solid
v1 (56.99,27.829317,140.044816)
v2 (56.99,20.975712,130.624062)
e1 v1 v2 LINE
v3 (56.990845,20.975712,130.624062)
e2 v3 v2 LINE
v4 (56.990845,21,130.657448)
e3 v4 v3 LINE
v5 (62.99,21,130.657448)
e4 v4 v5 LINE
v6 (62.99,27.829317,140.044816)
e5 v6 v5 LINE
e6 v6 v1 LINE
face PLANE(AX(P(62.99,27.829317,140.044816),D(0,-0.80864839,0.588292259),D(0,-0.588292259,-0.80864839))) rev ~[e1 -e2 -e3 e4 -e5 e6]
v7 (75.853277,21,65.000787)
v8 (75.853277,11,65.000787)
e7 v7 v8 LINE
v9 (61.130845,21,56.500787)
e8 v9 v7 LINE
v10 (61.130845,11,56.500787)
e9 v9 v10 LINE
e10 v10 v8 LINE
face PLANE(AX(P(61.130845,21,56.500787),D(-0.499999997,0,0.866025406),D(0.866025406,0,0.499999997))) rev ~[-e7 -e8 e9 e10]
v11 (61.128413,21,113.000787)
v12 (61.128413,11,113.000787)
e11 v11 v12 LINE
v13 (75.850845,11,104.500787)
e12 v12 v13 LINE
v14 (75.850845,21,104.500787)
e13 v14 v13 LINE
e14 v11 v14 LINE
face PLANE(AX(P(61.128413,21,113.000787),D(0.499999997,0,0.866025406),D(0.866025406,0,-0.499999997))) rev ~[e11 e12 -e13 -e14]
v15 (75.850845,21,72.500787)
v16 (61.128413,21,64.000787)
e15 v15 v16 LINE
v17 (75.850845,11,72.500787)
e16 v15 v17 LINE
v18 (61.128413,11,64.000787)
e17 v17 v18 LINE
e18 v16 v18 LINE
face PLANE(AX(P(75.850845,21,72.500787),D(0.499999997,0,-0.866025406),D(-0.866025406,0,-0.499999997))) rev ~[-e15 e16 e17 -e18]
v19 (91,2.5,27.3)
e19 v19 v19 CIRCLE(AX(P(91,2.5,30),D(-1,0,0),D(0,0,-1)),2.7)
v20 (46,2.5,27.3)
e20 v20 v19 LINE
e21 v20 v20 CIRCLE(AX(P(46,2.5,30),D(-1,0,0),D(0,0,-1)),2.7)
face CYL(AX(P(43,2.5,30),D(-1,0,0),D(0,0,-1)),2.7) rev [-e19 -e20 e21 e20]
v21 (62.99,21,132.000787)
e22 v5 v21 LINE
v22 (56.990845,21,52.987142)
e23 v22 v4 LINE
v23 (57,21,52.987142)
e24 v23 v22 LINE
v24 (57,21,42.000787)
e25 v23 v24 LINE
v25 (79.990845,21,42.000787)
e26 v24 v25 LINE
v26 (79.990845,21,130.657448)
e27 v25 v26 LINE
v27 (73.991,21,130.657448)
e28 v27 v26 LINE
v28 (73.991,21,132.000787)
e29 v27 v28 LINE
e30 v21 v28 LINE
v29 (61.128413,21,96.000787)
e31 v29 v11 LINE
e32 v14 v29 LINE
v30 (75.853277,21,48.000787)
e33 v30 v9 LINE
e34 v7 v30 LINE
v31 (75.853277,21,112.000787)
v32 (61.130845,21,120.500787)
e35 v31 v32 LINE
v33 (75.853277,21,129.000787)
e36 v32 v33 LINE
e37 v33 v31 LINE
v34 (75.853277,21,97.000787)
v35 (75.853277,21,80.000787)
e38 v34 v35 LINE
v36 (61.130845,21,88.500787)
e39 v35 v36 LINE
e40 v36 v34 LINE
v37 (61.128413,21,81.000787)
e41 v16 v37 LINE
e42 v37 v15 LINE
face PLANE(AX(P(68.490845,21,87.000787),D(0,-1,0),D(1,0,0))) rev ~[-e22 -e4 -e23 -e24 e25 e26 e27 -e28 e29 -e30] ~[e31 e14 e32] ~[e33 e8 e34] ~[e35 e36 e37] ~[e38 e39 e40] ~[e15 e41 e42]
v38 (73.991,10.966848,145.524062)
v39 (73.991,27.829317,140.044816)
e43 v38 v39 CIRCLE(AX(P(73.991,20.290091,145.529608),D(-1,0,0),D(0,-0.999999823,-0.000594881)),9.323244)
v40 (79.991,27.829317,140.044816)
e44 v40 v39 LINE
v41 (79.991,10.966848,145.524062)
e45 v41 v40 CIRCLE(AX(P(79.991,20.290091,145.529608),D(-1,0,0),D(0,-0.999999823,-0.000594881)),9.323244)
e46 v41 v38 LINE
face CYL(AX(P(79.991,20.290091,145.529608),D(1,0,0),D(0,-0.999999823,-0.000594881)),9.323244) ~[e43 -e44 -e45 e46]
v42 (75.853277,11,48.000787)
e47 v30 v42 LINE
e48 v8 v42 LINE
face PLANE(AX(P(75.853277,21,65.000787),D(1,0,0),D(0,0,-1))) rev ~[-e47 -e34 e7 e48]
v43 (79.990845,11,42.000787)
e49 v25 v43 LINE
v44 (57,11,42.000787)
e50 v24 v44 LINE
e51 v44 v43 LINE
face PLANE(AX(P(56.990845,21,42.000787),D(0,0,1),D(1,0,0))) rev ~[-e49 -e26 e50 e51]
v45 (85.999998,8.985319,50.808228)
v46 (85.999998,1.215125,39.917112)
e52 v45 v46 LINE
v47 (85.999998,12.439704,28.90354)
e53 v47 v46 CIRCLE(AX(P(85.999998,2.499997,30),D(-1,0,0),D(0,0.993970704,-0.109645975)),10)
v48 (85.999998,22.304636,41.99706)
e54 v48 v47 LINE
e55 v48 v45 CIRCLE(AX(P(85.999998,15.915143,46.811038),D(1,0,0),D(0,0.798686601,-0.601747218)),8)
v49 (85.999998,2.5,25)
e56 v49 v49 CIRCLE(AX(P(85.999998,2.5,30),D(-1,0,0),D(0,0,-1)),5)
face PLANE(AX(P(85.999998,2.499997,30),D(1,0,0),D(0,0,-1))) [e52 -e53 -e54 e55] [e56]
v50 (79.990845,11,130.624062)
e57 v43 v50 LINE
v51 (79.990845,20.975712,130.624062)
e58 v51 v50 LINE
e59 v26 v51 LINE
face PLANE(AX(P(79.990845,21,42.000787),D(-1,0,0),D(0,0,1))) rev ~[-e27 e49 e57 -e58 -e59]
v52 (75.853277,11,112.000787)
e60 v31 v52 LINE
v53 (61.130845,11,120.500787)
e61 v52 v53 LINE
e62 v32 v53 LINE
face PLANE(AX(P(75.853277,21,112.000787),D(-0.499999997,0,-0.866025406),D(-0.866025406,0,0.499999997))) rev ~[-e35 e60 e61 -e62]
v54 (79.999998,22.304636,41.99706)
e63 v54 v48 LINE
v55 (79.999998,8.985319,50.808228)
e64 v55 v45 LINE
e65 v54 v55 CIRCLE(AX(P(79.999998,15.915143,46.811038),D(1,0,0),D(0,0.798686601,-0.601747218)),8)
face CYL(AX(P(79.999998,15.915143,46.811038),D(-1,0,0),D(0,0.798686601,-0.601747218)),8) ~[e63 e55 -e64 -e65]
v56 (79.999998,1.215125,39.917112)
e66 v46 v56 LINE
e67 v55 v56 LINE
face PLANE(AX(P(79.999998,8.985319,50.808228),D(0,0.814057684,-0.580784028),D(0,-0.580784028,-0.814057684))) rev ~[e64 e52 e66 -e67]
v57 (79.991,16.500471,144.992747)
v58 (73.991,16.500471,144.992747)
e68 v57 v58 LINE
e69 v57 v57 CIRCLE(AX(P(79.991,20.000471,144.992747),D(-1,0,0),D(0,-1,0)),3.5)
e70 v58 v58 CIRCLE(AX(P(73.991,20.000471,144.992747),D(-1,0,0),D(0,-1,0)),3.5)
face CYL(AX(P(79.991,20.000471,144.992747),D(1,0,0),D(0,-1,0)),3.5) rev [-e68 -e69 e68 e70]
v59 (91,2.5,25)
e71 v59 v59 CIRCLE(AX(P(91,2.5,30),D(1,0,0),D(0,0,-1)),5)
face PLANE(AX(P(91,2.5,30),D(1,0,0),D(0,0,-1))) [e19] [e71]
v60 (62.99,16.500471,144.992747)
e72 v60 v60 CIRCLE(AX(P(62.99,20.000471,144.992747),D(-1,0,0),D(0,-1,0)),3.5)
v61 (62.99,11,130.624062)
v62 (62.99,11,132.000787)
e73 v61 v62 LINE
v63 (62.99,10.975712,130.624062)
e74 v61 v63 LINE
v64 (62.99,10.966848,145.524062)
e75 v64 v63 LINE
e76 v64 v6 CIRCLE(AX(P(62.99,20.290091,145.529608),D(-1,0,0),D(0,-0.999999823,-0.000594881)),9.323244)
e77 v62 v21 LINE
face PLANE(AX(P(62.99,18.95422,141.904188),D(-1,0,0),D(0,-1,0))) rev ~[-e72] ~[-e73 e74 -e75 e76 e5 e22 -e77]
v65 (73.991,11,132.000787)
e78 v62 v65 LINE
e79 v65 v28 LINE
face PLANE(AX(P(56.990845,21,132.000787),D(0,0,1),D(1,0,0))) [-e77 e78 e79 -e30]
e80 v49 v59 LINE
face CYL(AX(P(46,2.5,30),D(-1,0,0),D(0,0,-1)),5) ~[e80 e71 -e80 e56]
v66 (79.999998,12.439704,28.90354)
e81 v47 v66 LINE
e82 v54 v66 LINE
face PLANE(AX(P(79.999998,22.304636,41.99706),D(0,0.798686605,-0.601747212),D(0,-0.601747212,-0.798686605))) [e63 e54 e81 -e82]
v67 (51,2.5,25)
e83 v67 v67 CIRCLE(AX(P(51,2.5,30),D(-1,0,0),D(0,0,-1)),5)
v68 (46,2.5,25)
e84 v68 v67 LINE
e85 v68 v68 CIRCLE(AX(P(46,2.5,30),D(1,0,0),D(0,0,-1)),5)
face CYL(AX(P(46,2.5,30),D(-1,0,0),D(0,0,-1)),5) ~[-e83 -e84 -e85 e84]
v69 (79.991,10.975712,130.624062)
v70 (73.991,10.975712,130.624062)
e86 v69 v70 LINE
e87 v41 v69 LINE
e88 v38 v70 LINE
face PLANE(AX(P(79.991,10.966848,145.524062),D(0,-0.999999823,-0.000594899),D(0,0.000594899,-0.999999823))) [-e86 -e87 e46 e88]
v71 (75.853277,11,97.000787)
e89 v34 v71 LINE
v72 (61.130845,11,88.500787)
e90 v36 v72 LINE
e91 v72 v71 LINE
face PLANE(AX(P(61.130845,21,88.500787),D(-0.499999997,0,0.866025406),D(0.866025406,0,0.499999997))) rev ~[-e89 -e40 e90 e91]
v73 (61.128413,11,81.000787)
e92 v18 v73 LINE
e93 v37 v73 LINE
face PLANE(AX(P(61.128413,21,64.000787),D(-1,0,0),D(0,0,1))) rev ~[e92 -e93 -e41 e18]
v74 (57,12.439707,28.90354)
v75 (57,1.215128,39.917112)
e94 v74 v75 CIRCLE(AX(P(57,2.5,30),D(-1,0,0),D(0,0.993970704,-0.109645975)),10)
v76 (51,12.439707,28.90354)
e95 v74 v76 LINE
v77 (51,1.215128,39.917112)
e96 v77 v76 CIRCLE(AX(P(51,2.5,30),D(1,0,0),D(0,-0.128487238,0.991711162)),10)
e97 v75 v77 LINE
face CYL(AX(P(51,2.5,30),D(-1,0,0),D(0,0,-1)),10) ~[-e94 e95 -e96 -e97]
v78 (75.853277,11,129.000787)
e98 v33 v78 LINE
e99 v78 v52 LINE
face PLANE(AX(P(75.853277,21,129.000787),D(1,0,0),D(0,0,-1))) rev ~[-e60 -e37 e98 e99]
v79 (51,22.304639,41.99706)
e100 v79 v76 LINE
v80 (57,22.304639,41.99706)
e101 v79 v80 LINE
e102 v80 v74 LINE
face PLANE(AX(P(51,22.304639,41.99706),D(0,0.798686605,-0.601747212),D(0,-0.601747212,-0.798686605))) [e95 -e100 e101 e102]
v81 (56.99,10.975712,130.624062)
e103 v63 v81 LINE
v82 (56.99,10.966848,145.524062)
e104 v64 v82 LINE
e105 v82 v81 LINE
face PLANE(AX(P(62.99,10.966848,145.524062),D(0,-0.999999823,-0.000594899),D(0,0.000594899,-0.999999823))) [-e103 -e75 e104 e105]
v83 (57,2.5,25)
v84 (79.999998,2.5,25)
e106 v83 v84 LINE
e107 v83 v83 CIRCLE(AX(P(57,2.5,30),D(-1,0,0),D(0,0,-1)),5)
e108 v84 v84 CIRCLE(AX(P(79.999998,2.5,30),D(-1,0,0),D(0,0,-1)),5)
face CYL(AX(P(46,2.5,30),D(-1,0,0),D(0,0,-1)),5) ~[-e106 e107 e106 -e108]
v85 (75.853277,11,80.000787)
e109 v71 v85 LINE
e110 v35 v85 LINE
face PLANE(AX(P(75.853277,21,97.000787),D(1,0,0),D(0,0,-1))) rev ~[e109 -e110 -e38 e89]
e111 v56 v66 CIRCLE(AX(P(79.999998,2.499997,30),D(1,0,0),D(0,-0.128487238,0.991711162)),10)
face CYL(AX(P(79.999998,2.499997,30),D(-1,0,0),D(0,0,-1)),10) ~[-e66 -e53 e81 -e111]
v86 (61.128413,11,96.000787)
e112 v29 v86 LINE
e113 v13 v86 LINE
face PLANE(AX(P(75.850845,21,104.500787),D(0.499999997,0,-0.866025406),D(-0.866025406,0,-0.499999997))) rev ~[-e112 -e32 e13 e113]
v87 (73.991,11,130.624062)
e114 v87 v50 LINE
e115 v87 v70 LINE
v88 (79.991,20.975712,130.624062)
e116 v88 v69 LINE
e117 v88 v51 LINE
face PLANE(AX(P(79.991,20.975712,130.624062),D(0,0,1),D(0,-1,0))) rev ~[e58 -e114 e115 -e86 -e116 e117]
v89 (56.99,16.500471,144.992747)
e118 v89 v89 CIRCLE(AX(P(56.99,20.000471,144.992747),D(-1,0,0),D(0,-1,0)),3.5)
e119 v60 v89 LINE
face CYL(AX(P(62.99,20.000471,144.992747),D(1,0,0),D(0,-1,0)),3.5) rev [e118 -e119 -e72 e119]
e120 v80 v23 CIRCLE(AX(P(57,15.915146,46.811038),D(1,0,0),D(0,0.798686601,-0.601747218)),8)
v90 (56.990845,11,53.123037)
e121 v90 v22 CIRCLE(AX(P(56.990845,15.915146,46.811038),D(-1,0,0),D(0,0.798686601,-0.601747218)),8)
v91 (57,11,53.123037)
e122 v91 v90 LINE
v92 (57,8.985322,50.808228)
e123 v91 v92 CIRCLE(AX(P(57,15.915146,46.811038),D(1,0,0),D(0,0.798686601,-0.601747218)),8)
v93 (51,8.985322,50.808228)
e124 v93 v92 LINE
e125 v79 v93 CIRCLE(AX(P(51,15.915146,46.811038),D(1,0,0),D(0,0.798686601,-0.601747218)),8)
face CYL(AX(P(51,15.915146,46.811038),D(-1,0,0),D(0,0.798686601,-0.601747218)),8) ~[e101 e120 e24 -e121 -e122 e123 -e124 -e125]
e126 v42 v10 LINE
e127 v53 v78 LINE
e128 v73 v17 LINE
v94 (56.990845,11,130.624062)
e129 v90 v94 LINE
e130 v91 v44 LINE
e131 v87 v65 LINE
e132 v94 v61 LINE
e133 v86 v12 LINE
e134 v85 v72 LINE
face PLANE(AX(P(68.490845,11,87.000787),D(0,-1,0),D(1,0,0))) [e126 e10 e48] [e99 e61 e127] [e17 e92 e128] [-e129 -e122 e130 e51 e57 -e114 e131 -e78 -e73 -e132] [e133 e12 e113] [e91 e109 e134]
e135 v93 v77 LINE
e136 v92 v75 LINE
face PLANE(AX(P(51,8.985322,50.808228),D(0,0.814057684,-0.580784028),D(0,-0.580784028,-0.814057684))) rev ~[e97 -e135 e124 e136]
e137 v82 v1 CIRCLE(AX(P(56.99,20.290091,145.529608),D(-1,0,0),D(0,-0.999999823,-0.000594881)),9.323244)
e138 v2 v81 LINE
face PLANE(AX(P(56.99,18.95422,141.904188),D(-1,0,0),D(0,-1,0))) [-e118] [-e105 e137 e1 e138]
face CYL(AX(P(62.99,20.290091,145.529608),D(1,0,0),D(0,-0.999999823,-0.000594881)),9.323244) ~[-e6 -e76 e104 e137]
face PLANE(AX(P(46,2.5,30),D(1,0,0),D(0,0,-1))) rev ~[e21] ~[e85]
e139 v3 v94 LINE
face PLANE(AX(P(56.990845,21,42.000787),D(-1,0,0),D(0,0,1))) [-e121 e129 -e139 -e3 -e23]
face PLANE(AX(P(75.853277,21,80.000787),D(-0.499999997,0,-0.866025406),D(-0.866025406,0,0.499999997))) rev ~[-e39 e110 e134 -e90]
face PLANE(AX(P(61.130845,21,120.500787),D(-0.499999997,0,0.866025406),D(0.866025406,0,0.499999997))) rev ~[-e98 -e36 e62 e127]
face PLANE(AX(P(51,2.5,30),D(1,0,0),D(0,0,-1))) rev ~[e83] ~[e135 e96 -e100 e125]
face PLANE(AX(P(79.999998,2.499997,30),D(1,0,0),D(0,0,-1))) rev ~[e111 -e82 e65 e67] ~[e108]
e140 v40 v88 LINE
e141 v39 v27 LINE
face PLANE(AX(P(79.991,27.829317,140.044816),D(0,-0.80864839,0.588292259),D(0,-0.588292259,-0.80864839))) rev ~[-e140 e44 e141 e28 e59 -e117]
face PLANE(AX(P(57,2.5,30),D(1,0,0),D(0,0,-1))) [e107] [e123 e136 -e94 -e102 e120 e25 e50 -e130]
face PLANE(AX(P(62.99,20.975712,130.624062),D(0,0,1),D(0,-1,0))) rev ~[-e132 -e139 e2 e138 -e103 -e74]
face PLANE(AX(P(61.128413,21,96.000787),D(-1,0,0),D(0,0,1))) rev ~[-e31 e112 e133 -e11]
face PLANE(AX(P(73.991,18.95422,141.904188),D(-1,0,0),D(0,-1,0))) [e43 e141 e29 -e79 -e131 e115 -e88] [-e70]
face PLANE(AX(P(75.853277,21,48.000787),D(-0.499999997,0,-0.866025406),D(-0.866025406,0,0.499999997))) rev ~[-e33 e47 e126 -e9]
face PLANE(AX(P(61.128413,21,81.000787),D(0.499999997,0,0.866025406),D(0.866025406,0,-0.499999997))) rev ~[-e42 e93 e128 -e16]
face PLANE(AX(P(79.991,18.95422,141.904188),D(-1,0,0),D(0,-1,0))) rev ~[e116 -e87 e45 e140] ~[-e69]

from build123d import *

# Parameters (mm, degrees)
SKETCH023_R       = 3.5
EXTRUDE022_DEPTH  = 6
SKETCH021_W       = 23
SKETCH021_H       = 90
EXTRUDE020_DEPTH  = 10
CYLINDER028_R     = 3
CYLINDER028_DEPTH = 25
CYLINDER027_R     = 7
CYLINDER027_DEPTH = 30
CYLINDER026_R     = 10
CYLINDER026_DEPTH = 6
EXTRUDE021_DEPTH  = 6
CYLINDER030_R     = 2.7
CYLINDER030_DEPTH = 50
CYLINDER029_R     = 5
CYLINDER029_DEPTH = 45


with BuildPart() as union_brazo_central004:
    # Sketch023 → Extrude022 (new body)
    with BuildSketch(Plane(origin=(0, 0, 0), x_dir=(0, -1, 0), z_dir=(-1, 0, 0))):
        with BuildLine():
            ThreePointArc((-10.966848, 145.524062), (-23.171274, 154.396494), (-27.829317, 140.044816))
            Line((-27.829317, 140.044816), (-20.975712, 130.624062))
            Line((-20.975712, 130.624062), (-10.975712, 130.624062))
            Line((-10.966848, 145.524062), (-10.975712, 130.624062))
        make_face()
        with Locations((-20.000471, 144.992747)):
            Circle(SKETCH023_R, mode=Mode.SUBTRACT)
    extrude(amount=EXTRUDE022_DEPTH)


with BuildPart() as union_brazo_central004_1:
    # Extrude022 placement: moved
    add(union_brazo_central004.part.moved(Location((62.99, 0, 0))))


with BuildPart() as union_brazo_central005:
    # Link021 base: copy of Union brazo central004
    add(union_brazo_central004_1.part)


with BuildPart() as union_brazo_central005_1:
    # Link021 placement: moved
    add(union_brazo_central005.part.moved(Location((17.001, 0, 0))))


with BuildPart() as brazo_central_triangulos:
    # Sketch021 → Extrude020 (new body)
    with BuildSketch(Plane.XZ):
        with Locations((68.040845, 88.110787)):
            Rectangle(SKETCH021_W, SKETCH021_H)
        Polygon((60.680845, 57.610787), (75.403277, 66.110787), (75.403277, 49.110787), align=None, mode=Mode.SUBTRACT)
        Polygon((60.678413, 65.110787), (60.678413, 82.110787), (75.400845, 73.610787), align=None, mode=Mode.SUBTRACT)
        Polygon((60.680845, 89.610787), (75.403277, 98.110787), (75.403277, 81.110787), align=None, mode=Mode.SUBTRACT)
        Polygon((60.678413, 97.110787), (60.678413, 114.110787), (75.400845, 105.610787), align=None, mode=Mode.SUBTRACT)
        Polygon((60.680845, 121.610787), (75.403277, 130.110787), (75.403277, 113.110787), align=None, mode=Mode.SUBTRACT)
    extrude(amount=EXTRUDE020_DEPTH)


with BuildPart() as brazo_central_triangulos_1:
    # Extrude020 placement: moved
    add(brazo_central_triangulos.part.moved(Location((0.45, 21, -1.11))))


with BuildPart() as rotor011:
    # Cylinder028 → Cylinder028 (new body)
    with BuildSketch(Plane(origin=(40, 2.5, 30), x_dir=(0, 0, -1), z_dir=(1, 0, 0))):
        Circle(CYLINDER028_R)
    extrude(amount=CYLINDER028_DEPTH)


with BuildPart() as rotor010:
    # Cylinder027 → Cylinder027 (new body)
    with BuildSketch(Plane(origin=(63, 2.5, 30), x_dir=(0, 0, -1), z_dir=(1, 0, 0))):
        Circle(CYLINDER027_R)
    extrude(amount=CYLINDER027_DEPTH)


with BuildPart() as union_motor_izq001:
    # Cylinder026 → Cylinder026 (new body)
    with BuildSketch(Plane(origin=(54, 2.5, 30), x_dir=(0, 0, -1), z_dir=(1, 0, 0))):
        Circle(CYLINDER026_R)
    extrude(amount=CYLINDER026_DEPTH)

    # Cut013: cut Rotor010
    add(rotor010.part, mode=Mode.SUBTRACT)

    # Cut014: cut Rotor011
    add(rotor011.part, mode=Mode.SUBTRACT)


with BuildPart() as union_motor_centro002:
    # Sketch022 → Extrude021 (new body)
    with BuildSketch(Plane.YZ):
        with BuildLine():
            ThreePointArc((22.654639, 41.99706), (20.679007, 53.483206), (9.335322, 50.808228))
            Line((9.335322, 50.808228), (1.552816, 39.899855))
            ThreePointArc((12.665635, 28.738862), (9.310536, 36.511168), (1.552816, 39.899855))
            Line((22.654639, 41.99706), (12.665635, 28.738862))
        make_face()
    extrude(amount=EXTRUDE021_DEPTH)


with BuildPart() as union_motor_centro002_1:
    # Extrude021 placement: moved
    add(union_motor_centro002.part.moved(Location((54, -0.35, 0))))

    # Fusion024: union Union motor izq001
    add(union_motor_izq001.part)


with BuildPart() as union_motor_centro003:
    # Link020 base: copy of Union motor centro002
    add(union_motor_centro002_1.part)


with BuildPart() as union_motor_centro003_1:
    # Link020 placement: moved
    add(union_motor_centro003.part.moved(Location((28.999998, -3e-06, 0))))


with BuildPart() as hueco_rotor001:
    # Cylinder030 → Cylinder030 (new body)
    with BuildSketch(Plane(origin=(37, 2.5, 30), x_dir=(0, 0, -1), z_dir=(1, 0, 0))):
        Circle(CYLINDER030_R)
    extrude(amount=CYLINDER030_DEPTH)


with BuildPart() as brazo_central_v3:
    # Cylinder029 → Cylinder029 (new body)
    with BuildSketch(Plane(origin=(40, 2.5, 30), x_dir=(0, 0, -1), z_dir=(1, 0, 0))):
        Circle(CYLINDER029_R)
    extrude(amount=CYLINDER029_DEPTH)

    # Cut015: cut hueco rotor001
    add(hueco_rotor001.part, mode=Mode.SUBTRACT)


with BuildPart() as brazo_central_v3_1:
    # Cut015 placement: moved
    add(brazo_central_v3.part.moved(Location((9, 0, 0))))

    # Fusion025: union Union motor centro003, Union motor centro002
    add(union_motor_centro003_1.part)
    add(union_motor_centro002_1.part)


with BuildPart() as brazo_central_v3_2:
    # Fusion025 placement: moved
    add(brazo_central_v3_1.part.moved(Location((-3, 0, 0))))

    # Fusion026: union Union brazo central004, Union brazo central005, brazo central triangulos
    add(union_brazo_central004_1.part)
    add(union_brazo_central005_1.part)
    add(brazo_central_triangulos_1.part)


solid = brazo_central_v3_2.part
